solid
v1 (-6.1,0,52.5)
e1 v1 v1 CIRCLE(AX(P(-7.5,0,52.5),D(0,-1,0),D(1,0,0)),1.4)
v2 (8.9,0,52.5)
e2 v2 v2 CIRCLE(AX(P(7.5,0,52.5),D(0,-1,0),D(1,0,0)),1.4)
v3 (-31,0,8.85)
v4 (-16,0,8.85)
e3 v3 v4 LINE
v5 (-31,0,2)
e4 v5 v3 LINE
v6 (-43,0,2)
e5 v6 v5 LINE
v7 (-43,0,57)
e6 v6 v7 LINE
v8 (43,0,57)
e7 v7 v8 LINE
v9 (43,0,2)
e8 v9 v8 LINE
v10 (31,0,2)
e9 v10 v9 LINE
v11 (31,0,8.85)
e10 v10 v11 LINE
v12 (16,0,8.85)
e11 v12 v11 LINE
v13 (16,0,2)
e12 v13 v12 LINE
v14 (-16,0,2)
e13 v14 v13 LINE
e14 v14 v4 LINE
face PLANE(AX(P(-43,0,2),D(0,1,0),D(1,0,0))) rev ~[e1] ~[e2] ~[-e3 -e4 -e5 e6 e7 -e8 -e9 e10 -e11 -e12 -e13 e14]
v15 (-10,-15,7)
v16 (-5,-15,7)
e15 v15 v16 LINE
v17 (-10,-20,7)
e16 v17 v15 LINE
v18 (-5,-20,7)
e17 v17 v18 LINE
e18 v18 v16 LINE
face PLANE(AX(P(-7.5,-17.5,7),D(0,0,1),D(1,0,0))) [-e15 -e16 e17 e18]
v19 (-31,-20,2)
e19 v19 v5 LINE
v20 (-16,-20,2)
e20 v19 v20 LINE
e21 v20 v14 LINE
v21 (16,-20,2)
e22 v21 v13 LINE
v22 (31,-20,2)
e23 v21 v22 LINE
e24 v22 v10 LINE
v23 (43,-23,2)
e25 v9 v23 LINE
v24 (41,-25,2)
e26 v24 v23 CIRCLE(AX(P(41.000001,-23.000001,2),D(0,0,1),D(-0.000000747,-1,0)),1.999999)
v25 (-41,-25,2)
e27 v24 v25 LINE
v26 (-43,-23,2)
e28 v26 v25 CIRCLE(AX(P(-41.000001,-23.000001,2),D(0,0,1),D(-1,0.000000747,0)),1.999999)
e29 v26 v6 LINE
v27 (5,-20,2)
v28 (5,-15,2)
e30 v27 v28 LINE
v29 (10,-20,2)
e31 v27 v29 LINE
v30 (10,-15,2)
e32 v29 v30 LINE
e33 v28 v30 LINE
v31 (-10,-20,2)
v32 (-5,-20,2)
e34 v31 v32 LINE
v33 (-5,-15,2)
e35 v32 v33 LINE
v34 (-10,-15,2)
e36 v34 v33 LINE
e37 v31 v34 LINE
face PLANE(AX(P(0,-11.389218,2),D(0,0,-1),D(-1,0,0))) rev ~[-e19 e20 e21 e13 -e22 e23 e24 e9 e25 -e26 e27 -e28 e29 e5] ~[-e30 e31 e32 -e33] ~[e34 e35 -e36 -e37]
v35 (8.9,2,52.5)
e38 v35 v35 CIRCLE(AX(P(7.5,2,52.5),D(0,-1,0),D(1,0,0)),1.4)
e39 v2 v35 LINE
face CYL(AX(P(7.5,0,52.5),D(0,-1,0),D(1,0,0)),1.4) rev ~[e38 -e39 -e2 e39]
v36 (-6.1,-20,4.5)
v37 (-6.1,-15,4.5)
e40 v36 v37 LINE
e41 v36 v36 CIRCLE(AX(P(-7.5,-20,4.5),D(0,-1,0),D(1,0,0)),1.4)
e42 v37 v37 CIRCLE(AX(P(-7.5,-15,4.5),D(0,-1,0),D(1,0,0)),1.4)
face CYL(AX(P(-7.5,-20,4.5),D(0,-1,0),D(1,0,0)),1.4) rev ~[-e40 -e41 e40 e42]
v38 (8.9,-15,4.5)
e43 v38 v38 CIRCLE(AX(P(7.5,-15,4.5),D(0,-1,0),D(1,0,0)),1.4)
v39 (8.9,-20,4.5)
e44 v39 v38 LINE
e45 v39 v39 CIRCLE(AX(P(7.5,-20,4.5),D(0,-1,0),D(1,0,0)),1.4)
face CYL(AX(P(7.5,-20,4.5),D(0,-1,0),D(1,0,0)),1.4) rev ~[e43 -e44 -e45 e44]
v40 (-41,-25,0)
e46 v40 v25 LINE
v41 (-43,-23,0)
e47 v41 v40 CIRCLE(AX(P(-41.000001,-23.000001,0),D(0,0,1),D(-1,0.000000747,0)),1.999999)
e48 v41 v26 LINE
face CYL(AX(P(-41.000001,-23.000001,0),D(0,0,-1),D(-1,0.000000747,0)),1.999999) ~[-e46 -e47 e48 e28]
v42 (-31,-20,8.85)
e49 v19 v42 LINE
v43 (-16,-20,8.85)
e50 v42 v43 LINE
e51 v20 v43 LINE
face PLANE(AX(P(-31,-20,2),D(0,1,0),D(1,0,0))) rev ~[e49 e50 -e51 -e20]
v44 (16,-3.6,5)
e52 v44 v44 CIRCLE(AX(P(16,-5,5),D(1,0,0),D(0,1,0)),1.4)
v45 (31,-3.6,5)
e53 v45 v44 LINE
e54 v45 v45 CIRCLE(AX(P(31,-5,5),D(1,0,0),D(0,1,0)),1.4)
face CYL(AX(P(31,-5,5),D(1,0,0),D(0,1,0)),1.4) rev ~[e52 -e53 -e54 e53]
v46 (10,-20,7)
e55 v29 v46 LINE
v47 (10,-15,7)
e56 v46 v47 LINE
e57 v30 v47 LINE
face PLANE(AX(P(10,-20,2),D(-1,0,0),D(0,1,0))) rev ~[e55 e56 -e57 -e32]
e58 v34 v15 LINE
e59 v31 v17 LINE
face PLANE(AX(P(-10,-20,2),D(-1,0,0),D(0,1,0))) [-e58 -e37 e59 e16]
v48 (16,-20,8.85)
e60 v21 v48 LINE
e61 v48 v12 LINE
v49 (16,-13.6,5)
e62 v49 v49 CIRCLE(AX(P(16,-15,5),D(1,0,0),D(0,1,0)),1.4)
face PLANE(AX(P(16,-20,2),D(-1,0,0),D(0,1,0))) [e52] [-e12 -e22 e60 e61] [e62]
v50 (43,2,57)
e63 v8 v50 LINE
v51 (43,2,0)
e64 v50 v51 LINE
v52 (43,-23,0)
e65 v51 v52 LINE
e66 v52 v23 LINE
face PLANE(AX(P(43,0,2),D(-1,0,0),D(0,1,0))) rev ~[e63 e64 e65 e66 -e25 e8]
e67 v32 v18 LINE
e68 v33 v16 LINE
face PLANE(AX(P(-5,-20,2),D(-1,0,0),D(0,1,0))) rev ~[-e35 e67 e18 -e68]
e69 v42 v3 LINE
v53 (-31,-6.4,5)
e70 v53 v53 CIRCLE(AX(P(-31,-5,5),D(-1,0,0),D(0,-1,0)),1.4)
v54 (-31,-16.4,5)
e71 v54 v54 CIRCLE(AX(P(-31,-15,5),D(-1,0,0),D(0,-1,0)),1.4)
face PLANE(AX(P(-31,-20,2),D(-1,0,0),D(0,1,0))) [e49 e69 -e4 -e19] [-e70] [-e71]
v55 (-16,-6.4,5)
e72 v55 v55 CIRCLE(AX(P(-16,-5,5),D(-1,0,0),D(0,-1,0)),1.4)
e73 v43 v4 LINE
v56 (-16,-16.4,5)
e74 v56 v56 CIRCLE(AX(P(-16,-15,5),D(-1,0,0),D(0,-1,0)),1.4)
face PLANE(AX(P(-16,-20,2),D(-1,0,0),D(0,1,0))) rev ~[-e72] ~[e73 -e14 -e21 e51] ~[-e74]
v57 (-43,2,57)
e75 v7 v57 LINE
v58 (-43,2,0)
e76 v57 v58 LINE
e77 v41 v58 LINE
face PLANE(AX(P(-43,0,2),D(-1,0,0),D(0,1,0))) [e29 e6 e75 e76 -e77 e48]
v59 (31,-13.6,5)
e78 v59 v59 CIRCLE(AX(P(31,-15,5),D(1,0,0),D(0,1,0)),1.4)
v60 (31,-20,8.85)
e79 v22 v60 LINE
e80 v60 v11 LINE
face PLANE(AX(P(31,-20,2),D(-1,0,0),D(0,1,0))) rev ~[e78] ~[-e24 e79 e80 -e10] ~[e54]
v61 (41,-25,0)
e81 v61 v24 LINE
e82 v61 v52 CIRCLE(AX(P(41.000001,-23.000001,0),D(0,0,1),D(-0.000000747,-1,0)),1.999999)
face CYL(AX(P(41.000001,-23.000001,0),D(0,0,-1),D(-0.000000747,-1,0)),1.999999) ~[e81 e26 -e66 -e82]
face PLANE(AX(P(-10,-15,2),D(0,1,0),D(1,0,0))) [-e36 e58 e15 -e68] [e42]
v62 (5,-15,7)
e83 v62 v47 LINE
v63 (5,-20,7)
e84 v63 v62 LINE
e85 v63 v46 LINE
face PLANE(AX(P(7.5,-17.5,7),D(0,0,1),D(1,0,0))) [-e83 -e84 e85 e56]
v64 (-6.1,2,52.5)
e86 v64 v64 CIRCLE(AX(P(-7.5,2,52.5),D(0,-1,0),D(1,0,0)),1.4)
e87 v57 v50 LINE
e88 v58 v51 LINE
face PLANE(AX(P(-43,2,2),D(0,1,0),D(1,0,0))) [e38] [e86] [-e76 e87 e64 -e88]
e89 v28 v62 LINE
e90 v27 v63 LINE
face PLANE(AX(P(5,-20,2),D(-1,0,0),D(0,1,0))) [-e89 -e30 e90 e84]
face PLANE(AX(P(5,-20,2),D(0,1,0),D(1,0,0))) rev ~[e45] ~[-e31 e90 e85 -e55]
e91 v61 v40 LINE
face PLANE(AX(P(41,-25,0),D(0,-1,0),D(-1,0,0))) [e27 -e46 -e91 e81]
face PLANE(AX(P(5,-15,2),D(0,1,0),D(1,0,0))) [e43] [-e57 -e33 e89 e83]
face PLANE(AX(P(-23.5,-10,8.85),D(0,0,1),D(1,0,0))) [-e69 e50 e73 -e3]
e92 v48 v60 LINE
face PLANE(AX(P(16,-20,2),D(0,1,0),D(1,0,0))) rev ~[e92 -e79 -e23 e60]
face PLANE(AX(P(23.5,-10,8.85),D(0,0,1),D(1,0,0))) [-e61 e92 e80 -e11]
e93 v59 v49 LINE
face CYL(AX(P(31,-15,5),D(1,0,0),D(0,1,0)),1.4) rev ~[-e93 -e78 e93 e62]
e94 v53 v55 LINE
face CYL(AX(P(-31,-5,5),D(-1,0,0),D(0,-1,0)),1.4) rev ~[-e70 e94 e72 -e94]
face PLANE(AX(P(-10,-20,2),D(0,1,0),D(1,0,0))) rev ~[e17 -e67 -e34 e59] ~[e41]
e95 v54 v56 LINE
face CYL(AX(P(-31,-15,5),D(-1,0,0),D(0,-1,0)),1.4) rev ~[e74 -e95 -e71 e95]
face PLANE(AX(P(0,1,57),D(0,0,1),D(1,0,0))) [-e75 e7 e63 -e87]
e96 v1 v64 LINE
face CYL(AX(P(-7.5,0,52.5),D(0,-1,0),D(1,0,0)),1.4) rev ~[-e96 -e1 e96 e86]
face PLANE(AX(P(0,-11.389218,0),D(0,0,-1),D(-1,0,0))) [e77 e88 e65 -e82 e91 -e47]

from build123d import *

# Parameters (mm, degrees)
PAD_DEPTH       = 2
SKETCH010_W     = 86
SKETCH010_H     = 2
PAD001_DEPTH    = 55
SKETCH009_R     = 1.4
POCKET_DEPTH    = 2
SKETCH003_W     = 15
SKETCH003_H     = 20
PAD002_DEPTH    = 6.85
SKETCH004_R     = 1.4
POCKET001_DEPTH = 15
SKETCH005_R     = 1.4
POCKET002_DEPTH = 15
SKETCH006_W     = 5
SKETCH006_H     = 5
PAD003_DEPTH    = 5
SKETCH007_R     = 1.4
POCKET003_DEPTH = 5
SKETCH008_R     = 1.4
POCKET004_DEPTH = 5


with BuildPart() as part:
    # Sketch → Pad (new body)
    with BuildSketch(Plane.XY):
        with BuildLine():
            Line((-43, 2), (43, 2))
            Line((43, 2), (43, -23))
            ThreePointArc((41, -25), (42.414214, -24.414214), (43, -23))
            Line((41, -25), (-41, -25))
            ThreePointArc((-43, -23), (-42.414214, -24.414214), (-41, -25))
            Line((-43, -23), (-43, 2))
        make_face()
    extrude(amount=PAD_DEPTH)

    # Sketch010 (on Face8 of Pad) → Pad001 (join)
    with BuildSketch(Plane.XY.offset(2)):
        with Locations((0, 1)):
            Rectangle(SKETCH010_W, SKETCH010_H)
    extrude(amount=PAD001_DEPTH)

    # Sketch009 (on Face13 of Pad001) → Pocket (cut)
    with BuildSketch(Plane.XZ):
        with Locations((-7.5, 52.5)):
            Circle(SKETCH009_R)
        with Locations((7.5, 52.5)):
            Circle(SKETCH009_R)
    extrude(amount=-POCKET_DEPTH, mode=Mode.SUBTRACT)

    # Sketch003 (on Face7 of Pocket) → Pad002 (join)
    with BuildSketch(Plane.XY.offset(2)):
        with Locations((-23.5, -10)):
            Rectangle(SKETCH003_W, SKETCH003_H)
        with Locations((23.5, -10)):
            Rectangle(SKETCH003_W, SKETCH003_H)
    extrude(amount=PAD002_DEPTH)

    # Sketch004 (on Face16 of Pad002) → Pocket001 (cut)
    with BuildSketch(Plane(origin=(-31, 0, 0), x_dir=(0, -1, 0), z_dir=(-1, 0, 0))):
        with Locations((5, 5)):
            Circle(SKETCH004_R)
        with Locations((15, 5)):
            Circle(SKETCH004_R)
    extrude(amount=-POCKET001_DEPTH, mode=Mode.SUBTRACT)

    # Sketch005 (on Face21 of Pocket001) → Pocket002 (cut)
    with BuildSketch(Plane.YZ.offset(31)):
        with Locations((-15, 5)):
            Circle(SKETCH005_R)
        with Locations((-5, 5)):
            Circle(SKETCH005_R)
    extrude(amount=-POCKET002_DEPTH, mode=Mode.SUBTRACT)

    # Sketch006 (on Face7 of Pocket002) → Pad003 (join)
    with BuildSketch(Plane.XY.offset(2)):
        with Locations((-7.5, -17.5)):
            Rectangle(SKETCH006_W, SKETCH006_H)
        with Locations((7.5, -17.5)):
            Rectangle(SKETCH006_W, SKETCH006_H)
    extrude(amount=PAD003_DEPTH)

    # Sketch007 (on Face23 of Pad003) → Pocket003 (cut)
    with BuildSketch(Plane.XZ.offset(20)):
        with Locations((-7.5, 4.5)):
            Circle(SKETCH007_R)
    extrude(amount=-POCKET003_DEPTH, mode=Mode.SUBTRACT)

    # Sketch008 (on Face27 of Pocket003) → Pocket004 (cut)
    with BuildSketch(Plane.XZ.offset(20)):
        with Locations((7.5, 4.5)):
            Circle(SKETCH008_R)
    extrude(amount=-POCKET004_DEPTH, mode=Mode.SUBTRACT)


solid = part.part
